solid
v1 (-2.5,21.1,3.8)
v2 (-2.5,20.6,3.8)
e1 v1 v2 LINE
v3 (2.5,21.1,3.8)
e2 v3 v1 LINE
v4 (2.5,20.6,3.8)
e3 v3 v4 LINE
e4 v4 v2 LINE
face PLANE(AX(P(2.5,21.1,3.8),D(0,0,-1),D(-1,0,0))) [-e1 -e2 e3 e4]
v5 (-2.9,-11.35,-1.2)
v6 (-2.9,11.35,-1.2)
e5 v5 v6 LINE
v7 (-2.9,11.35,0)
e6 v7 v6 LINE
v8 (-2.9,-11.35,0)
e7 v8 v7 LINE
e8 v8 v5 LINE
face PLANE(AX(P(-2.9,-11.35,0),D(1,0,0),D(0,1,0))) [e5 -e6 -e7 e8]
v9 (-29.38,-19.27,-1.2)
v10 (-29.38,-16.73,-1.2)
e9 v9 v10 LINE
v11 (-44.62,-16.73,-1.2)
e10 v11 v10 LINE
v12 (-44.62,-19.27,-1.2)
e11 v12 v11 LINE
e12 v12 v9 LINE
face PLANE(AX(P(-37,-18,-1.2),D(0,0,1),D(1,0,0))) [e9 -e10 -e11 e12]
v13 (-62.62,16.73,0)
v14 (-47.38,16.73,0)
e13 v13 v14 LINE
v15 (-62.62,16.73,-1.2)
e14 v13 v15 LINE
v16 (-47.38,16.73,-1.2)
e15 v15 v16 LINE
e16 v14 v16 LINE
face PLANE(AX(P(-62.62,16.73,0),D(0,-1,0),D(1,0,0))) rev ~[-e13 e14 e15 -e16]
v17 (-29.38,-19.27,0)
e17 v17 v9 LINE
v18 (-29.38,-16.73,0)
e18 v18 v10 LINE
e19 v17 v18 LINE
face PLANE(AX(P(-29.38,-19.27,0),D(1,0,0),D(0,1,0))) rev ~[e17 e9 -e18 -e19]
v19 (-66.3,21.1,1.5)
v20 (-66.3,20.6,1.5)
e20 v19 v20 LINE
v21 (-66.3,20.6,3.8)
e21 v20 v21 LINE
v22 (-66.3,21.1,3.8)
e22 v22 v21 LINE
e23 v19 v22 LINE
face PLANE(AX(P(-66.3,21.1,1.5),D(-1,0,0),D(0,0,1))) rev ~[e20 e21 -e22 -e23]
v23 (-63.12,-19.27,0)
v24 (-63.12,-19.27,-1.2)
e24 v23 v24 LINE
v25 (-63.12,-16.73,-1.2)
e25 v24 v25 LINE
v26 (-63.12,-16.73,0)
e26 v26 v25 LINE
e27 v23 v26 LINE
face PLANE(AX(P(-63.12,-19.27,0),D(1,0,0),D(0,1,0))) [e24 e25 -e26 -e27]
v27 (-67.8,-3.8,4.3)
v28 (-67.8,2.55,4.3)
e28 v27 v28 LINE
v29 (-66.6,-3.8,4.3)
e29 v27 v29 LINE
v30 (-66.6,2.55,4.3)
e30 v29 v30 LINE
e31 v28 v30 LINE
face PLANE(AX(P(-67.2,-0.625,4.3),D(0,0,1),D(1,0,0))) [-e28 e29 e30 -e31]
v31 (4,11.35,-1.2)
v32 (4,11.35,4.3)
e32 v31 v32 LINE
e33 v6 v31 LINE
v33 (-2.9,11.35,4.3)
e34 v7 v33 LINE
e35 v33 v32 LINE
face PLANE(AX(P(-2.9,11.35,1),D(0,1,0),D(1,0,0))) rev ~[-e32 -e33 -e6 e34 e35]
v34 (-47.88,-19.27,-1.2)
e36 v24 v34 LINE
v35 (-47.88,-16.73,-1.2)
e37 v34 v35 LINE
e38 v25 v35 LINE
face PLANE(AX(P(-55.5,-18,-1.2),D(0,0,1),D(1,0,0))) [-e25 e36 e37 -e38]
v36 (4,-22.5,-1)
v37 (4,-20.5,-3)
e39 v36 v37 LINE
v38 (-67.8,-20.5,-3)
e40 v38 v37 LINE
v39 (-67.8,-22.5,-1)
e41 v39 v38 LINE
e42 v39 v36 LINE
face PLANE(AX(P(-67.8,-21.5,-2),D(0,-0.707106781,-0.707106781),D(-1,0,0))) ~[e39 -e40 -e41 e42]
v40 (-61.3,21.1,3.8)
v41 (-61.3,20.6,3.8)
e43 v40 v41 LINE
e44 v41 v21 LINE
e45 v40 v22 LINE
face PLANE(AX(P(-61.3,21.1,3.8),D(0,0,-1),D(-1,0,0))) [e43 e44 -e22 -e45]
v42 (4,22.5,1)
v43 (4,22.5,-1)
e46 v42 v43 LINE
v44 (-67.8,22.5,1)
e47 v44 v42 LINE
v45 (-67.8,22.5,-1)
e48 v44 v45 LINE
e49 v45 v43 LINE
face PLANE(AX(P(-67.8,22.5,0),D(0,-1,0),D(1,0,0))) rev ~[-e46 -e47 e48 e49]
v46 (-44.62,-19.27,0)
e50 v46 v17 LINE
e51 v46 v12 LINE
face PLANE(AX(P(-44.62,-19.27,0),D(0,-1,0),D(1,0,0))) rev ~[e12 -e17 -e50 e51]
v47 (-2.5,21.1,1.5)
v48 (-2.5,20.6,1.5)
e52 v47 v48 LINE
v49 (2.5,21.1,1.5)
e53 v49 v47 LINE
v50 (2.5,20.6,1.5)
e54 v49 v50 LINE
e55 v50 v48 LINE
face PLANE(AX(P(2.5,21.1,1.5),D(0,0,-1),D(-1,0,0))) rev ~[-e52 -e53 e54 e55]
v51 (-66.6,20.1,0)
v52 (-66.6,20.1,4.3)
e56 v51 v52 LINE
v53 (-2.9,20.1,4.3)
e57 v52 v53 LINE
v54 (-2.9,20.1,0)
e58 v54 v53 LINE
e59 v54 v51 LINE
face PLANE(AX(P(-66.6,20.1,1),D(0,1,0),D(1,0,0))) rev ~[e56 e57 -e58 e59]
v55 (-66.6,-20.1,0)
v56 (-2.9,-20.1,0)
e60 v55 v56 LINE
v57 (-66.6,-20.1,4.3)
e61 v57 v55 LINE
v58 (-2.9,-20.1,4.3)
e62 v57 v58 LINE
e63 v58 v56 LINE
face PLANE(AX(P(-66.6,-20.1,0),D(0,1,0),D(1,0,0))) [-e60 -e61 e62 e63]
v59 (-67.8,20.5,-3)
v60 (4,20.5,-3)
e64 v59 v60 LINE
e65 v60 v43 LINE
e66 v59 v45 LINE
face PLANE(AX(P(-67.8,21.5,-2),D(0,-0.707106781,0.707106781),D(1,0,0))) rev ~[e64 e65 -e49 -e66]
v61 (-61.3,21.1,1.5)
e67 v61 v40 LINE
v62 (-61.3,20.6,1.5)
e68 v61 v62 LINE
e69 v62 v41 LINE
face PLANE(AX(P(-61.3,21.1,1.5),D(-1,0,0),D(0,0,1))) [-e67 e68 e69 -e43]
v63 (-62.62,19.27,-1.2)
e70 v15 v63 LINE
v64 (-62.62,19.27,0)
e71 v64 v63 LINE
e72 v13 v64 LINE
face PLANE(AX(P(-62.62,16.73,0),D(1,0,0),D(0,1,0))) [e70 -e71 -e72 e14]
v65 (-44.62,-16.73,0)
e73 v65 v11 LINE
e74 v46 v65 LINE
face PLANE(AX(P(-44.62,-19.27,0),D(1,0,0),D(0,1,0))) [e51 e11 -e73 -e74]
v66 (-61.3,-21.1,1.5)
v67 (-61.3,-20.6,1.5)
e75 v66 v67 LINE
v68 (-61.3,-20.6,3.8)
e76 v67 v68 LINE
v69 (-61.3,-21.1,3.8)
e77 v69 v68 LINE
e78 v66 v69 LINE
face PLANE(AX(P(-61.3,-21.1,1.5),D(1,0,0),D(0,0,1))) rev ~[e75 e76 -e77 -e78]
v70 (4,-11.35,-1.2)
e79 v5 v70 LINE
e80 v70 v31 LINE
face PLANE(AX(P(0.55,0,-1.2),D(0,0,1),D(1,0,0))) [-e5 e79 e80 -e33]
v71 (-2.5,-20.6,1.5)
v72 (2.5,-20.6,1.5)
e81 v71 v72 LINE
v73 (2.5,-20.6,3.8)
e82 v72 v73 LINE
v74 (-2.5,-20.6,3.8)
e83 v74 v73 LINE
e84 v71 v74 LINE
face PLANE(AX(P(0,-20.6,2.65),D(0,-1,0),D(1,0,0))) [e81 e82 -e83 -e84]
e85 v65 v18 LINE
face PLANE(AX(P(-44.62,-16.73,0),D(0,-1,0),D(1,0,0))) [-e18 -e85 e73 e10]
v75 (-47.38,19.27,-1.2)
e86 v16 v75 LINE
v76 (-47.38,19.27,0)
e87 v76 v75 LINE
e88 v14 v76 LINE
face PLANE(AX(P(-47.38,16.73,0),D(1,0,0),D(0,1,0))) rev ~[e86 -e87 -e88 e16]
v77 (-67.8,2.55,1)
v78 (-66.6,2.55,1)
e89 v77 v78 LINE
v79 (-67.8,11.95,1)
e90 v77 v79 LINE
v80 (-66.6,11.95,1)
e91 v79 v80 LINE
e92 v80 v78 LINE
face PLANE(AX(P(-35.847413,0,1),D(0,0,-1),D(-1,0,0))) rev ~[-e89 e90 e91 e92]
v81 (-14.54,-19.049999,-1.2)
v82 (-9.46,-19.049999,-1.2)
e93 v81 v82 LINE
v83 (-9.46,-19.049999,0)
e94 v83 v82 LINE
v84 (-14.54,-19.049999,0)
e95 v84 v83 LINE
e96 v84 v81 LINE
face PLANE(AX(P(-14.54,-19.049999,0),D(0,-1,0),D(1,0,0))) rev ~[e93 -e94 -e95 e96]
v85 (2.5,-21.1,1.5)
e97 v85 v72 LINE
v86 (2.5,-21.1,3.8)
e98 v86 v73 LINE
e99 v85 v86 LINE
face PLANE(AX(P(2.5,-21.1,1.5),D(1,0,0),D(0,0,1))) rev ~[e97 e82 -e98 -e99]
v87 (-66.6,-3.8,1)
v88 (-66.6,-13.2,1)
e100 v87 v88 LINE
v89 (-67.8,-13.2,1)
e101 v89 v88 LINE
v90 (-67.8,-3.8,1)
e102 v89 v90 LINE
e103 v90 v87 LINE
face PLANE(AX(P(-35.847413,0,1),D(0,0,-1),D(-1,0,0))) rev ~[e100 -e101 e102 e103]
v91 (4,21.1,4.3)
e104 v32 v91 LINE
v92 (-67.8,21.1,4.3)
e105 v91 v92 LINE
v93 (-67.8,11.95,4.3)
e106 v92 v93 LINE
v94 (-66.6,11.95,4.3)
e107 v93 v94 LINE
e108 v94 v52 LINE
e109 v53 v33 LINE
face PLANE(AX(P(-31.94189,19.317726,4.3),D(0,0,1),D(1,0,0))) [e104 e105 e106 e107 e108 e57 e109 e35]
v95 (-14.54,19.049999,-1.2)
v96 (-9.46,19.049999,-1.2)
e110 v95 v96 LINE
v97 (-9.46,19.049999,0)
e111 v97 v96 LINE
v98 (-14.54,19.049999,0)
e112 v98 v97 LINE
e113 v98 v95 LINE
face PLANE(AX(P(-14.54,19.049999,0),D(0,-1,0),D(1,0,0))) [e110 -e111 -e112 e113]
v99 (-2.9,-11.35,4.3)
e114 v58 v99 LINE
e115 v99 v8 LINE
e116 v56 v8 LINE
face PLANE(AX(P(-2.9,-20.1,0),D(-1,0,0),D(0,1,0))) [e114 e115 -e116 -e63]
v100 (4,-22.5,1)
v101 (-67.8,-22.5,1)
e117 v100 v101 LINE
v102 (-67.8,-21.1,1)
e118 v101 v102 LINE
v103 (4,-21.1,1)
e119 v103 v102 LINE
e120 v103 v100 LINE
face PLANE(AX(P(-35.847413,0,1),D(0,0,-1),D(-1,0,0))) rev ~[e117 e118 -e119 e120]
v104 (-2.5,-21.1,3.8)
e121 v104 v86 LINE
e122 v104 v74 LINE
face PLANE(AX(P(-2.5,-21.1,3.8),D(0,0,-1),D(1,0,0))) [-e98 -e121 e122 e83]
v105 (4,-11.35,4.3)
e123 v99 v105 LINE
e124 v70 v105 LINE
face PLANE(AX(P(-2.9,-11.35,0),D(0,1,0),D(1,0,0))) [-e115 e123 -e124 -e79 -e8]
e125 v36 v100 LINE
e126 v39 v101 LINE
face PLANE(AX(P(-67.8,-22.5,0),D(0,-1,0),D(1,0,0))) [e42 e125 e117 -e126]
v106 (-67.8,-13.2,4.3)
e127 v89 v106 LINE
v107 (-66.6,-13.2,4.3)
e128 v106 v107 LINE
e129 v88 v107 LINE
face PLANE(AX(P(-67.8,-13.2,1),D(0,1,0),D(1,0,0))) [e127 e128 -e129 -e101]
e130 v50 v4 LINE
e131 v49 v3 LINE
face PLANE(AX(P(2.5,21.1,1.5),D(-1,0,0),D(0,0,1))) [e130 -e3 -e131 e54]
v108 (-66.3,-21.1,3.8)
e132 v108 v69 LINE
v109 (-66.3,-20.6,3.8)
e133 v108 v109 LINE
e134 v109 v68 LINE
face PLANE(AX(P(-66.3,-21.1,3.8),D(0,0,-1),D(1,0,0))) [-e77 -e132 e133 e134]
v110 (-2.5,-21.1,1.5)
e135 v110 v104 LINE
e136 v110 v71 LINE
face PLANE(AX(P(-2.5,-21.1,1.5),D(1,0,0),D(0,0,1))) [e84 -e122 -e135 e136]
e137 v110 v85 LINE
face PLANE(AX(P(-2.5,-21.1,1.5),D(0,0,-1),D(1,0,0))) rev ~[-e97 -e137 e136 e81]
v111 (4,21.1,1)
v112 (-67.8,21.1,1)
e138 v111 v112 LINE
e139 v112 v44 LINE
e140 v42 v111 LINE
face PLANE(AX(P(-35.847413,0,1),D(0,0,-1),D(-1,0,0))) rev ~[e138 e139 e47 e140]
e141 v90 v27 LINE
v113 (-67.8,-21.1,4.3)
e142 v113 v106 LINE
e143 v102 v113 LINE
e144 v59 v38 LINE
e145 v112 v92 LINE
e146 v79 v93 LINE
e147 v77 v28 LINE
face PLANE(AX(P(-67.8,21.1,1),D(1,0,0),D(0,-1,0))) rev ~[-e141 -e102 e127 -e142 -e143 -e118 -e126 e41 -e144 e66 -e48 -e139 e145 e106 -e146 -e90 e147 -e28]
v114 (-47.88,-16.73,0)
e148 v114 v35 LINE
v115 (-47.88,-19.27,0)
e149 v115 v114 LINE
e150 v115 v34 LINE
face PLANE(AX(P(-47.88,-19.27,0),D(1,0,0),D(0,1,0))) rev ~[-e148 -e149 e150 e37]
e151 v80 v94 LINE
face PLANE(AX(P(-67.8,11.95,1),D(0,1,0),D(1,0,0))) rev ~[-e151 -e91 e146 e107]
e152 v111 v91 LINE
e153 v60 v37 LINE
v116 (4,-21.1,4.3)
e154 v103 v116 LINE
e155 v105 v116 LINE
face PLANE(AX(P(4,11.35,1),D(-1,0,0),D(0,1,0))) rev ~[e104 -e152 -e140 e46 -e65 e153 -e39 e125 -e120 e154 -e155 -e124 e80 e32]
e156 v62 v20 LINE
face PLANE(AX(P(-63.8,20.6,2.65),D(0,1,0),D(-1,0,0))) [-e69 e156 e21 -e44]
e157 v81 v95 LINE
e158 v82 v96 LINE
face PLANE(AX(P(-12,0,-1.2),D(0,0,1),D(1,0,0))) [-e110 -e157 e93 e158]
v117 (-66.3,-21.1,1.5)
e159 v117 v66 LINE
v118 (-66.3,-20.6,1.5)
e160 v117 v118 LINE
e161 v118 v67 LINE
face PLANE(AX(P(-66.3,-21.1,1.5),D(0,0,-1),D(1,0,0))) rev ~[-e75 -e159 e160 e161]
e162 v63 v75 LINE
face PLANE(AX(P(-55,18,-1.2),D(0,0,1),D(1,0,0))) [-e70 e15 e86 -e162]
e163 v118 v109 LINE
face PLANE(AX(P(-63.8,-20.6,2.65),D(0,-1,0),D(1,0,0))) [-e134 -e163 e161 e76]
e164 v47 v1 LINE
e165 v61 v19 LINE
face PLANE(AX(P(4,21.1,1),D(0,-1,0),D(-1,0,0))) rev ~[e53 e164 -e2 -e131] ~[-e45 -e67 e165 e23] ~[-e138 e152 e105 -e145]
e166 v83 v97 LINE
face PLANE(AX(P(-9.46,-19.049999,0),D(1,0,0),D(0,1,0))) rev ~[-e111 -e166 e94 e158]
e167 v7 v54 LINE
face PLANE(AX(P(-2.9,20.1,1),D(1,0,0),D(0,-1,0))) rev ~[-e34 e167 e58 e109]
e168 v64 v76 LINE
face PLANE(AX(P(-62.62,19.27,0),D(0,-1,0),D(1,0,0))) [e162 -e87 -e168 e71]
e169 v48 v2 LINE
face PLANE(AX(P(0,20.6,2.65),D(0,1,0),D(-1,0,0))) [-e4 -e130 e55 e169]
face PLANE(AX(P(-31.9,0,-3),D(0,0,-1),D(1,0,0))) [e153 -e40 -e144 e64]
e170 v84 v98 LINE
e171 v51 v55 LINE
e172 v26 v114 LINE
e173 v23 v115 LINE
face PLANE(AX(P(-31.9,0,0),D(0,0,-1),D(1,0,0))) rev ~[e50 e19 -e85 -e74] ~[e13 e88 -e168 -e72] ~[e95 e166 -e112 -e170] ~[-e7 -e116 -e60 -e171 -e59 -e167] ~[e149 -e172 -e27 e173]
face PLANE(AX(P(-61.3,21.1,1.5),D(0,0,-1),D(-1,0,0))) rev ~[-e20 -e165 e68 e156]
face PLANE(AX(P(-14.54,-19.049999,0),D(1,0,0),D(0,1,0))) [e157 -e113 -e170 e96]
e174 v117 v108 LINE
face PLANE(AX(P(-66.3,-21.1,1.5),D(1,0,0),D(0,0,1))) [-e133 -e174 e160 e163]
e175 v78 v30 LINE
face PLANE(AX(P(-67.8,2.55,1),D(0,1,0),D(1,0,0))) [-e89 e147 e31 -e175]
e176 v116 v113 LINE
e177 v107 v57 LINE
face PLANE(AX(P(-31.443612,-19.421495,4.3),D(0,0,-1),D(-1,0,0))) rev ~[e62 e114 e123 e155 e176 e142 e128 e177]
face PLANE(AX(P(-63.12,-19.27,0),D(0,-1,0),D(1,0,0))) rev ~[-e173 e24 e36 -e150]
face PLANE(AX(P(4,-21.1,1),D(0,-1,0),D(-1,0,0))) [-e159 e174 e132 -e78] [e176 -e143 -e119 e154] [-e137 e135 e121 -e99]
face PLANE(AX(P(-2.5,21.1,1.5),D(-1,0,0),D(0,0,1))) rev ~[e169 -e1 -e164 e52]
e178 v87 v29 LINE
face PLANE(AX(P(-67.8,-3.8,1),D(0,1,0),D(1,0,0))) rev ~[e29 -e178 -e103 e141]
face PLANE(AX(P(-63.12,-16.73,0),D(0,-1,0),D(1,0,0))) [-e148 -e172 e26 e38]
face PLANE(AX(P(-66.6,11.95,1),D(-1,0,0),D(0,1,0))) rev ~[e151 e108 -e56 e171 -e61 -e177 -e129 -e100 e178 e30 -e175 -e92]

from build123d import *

# Parameters (mm, degrees)
PAD_DEPTH       = 1
SKETCH002_W     = 71.8
SKETCH002_H     = 45
PAD001_DEPTH    = 3
SKETCH003_W     = 6.9
SKETCH003_H     = 22.7
SKETCH003_W_2   = 5.08
SKETCH003_H_2   = 38.099998
SKETCH003_W_3   = 15.24
SKETCH003_H_3   = 2.54
POCKET_DEPTH    = 1.2
SKETCH004_W     = 1.2
SKETCH004_H     = 6.35
PAD002_DEPTH    = 3.3
SKETCH008_W     = 5
SKETCH008_H     = 2.3
POCKET001_DEPTH = 0.5
SKETCH009_W     = 5
SKETCH009_H     = 2.3
POCKET002_DEPTH = 0.5
CHAMFER002_SIZE = 2


with BuildPart() as part:
    # Sketch001 → Pad (new body)
    with BuildSketch(Plane.XY):
        Polygon((-66.6, 20.1), (-66.6, -20.1), (-2.9, -20.1), (-2.9, -11.35), (4, -11.35), (4, -22.5), (-67.8, -22.5), (-67.8, 22.5), (4, 22.5), (4, 11.35), (-2.9, 11.35), (-2.9, 20.1), align=None)
    extrude(amount=PAD_DEPTH)

    # Sketch002 (on Face13 of Pad) → Pad001 (join)
    with BuildSketch(Plane(origin=(0, 0, 0), x_dir=(1, 0, 0), z_dir=(0, 0, -1))):
        with Locations((-31.9, 0)):
            Rectangle(SKETCH002_W, SKETCH002_H)
    extrude(amount=PAD001_DEPTH)

    # Sketch003 (on Face4 of Pad001) → Pocket (cut)
    with BuildSketch(Plane.XY):
        with Locations((0.55, 0)):
            Rectangle(SKETCH003_W, SKETCH003_H)
        with Locations((-12, 0)):
            Rectangle(SKETCH003_W_2, SKETCH003_H_2)
        with Locations((-55, 18)):
            Rectangle(SKETCH003_W_3, SKETCH003_H_3)
        with Locations((-55.5, -18)):
            Rectangle(SKETCH003_W_3, SKETCH003_H_3)
        with Locations((-37, -18)):
            Rectangle(SKETCH003_W_3, SKETCH003_H_3)
    extrude(amount=-POCKET_DEPTH, mode=Mode.SUBTRACT)

    # Sketch004 (on Face5 of Pocket) → Pad002 (join)
    with BuildSketch(Plane.XY.offset(1)):
        with Locations((-67.2, -0.625)):
            Rectangle(SKETCH004_W, SKETCH004_H)
        Polygon((-67.8, 11.95), (-66.6, 11.95), (-66.6, 20.1), (-2.9, 20.1), (-2.9, 11.35), (4, 11.35), (4, 21.1), (-67.8, 21.1), align=None)
        Polygon((-67.8, -13.2), (-66.6, -13.2), (-66.6, -20.1), (-2.9, -20.1), (-2.9, -11.35), (4, -11.35), (4, -21.1), (-67.8, -21.1), align=None)
    extrude(amount=PAD002_DEPTH)

    # Sketch008 (on Face12 of Pad002) → Pocket001 (cut)
    with BuildSketch(Plane(origin=(0, 21.1, 0), x_dir=(-1, 0, 0), z_dir=(0, 1, 0))):
        with Locations((63.8, 2.65)):
            Rectangle(SKETCH008_W, SKETCH008_H)
        with Locations((0, 2.65)):
            Rectangle(SKETCH008_W, SKETCH008_H)
    extrude(amount=-POCKET001_DEPTH, mode=Mode.SUBTRACT)

    # Sketch009 (on Face2 of Pocket001) → Pocket002 (cut)
    with BuildSketch(Plane.XZ.offset(21.1)):
        with Locations((-63.8, 2.65)):
            Rectangle(SKETCH009_W, SKETCH009_H)
        with Locations((0, 2.65)):
            Rectangle(SKETCH009_W, SKETCH009_H)
    extrude(amount=-POCKET002_DEPTH, mode=Mode.SUBTRACT)

    # Chamfer002
    chamfer002_edges = [part.edges().sort_by_distance(p)[0] for p in [
        (-31.9, 22.5, -3),
        (-31.9, -22.5, -3),
    ]]
    chamfer(chamfer002_edges, length=CHAMFER002_SIZE)


solid = part.part
